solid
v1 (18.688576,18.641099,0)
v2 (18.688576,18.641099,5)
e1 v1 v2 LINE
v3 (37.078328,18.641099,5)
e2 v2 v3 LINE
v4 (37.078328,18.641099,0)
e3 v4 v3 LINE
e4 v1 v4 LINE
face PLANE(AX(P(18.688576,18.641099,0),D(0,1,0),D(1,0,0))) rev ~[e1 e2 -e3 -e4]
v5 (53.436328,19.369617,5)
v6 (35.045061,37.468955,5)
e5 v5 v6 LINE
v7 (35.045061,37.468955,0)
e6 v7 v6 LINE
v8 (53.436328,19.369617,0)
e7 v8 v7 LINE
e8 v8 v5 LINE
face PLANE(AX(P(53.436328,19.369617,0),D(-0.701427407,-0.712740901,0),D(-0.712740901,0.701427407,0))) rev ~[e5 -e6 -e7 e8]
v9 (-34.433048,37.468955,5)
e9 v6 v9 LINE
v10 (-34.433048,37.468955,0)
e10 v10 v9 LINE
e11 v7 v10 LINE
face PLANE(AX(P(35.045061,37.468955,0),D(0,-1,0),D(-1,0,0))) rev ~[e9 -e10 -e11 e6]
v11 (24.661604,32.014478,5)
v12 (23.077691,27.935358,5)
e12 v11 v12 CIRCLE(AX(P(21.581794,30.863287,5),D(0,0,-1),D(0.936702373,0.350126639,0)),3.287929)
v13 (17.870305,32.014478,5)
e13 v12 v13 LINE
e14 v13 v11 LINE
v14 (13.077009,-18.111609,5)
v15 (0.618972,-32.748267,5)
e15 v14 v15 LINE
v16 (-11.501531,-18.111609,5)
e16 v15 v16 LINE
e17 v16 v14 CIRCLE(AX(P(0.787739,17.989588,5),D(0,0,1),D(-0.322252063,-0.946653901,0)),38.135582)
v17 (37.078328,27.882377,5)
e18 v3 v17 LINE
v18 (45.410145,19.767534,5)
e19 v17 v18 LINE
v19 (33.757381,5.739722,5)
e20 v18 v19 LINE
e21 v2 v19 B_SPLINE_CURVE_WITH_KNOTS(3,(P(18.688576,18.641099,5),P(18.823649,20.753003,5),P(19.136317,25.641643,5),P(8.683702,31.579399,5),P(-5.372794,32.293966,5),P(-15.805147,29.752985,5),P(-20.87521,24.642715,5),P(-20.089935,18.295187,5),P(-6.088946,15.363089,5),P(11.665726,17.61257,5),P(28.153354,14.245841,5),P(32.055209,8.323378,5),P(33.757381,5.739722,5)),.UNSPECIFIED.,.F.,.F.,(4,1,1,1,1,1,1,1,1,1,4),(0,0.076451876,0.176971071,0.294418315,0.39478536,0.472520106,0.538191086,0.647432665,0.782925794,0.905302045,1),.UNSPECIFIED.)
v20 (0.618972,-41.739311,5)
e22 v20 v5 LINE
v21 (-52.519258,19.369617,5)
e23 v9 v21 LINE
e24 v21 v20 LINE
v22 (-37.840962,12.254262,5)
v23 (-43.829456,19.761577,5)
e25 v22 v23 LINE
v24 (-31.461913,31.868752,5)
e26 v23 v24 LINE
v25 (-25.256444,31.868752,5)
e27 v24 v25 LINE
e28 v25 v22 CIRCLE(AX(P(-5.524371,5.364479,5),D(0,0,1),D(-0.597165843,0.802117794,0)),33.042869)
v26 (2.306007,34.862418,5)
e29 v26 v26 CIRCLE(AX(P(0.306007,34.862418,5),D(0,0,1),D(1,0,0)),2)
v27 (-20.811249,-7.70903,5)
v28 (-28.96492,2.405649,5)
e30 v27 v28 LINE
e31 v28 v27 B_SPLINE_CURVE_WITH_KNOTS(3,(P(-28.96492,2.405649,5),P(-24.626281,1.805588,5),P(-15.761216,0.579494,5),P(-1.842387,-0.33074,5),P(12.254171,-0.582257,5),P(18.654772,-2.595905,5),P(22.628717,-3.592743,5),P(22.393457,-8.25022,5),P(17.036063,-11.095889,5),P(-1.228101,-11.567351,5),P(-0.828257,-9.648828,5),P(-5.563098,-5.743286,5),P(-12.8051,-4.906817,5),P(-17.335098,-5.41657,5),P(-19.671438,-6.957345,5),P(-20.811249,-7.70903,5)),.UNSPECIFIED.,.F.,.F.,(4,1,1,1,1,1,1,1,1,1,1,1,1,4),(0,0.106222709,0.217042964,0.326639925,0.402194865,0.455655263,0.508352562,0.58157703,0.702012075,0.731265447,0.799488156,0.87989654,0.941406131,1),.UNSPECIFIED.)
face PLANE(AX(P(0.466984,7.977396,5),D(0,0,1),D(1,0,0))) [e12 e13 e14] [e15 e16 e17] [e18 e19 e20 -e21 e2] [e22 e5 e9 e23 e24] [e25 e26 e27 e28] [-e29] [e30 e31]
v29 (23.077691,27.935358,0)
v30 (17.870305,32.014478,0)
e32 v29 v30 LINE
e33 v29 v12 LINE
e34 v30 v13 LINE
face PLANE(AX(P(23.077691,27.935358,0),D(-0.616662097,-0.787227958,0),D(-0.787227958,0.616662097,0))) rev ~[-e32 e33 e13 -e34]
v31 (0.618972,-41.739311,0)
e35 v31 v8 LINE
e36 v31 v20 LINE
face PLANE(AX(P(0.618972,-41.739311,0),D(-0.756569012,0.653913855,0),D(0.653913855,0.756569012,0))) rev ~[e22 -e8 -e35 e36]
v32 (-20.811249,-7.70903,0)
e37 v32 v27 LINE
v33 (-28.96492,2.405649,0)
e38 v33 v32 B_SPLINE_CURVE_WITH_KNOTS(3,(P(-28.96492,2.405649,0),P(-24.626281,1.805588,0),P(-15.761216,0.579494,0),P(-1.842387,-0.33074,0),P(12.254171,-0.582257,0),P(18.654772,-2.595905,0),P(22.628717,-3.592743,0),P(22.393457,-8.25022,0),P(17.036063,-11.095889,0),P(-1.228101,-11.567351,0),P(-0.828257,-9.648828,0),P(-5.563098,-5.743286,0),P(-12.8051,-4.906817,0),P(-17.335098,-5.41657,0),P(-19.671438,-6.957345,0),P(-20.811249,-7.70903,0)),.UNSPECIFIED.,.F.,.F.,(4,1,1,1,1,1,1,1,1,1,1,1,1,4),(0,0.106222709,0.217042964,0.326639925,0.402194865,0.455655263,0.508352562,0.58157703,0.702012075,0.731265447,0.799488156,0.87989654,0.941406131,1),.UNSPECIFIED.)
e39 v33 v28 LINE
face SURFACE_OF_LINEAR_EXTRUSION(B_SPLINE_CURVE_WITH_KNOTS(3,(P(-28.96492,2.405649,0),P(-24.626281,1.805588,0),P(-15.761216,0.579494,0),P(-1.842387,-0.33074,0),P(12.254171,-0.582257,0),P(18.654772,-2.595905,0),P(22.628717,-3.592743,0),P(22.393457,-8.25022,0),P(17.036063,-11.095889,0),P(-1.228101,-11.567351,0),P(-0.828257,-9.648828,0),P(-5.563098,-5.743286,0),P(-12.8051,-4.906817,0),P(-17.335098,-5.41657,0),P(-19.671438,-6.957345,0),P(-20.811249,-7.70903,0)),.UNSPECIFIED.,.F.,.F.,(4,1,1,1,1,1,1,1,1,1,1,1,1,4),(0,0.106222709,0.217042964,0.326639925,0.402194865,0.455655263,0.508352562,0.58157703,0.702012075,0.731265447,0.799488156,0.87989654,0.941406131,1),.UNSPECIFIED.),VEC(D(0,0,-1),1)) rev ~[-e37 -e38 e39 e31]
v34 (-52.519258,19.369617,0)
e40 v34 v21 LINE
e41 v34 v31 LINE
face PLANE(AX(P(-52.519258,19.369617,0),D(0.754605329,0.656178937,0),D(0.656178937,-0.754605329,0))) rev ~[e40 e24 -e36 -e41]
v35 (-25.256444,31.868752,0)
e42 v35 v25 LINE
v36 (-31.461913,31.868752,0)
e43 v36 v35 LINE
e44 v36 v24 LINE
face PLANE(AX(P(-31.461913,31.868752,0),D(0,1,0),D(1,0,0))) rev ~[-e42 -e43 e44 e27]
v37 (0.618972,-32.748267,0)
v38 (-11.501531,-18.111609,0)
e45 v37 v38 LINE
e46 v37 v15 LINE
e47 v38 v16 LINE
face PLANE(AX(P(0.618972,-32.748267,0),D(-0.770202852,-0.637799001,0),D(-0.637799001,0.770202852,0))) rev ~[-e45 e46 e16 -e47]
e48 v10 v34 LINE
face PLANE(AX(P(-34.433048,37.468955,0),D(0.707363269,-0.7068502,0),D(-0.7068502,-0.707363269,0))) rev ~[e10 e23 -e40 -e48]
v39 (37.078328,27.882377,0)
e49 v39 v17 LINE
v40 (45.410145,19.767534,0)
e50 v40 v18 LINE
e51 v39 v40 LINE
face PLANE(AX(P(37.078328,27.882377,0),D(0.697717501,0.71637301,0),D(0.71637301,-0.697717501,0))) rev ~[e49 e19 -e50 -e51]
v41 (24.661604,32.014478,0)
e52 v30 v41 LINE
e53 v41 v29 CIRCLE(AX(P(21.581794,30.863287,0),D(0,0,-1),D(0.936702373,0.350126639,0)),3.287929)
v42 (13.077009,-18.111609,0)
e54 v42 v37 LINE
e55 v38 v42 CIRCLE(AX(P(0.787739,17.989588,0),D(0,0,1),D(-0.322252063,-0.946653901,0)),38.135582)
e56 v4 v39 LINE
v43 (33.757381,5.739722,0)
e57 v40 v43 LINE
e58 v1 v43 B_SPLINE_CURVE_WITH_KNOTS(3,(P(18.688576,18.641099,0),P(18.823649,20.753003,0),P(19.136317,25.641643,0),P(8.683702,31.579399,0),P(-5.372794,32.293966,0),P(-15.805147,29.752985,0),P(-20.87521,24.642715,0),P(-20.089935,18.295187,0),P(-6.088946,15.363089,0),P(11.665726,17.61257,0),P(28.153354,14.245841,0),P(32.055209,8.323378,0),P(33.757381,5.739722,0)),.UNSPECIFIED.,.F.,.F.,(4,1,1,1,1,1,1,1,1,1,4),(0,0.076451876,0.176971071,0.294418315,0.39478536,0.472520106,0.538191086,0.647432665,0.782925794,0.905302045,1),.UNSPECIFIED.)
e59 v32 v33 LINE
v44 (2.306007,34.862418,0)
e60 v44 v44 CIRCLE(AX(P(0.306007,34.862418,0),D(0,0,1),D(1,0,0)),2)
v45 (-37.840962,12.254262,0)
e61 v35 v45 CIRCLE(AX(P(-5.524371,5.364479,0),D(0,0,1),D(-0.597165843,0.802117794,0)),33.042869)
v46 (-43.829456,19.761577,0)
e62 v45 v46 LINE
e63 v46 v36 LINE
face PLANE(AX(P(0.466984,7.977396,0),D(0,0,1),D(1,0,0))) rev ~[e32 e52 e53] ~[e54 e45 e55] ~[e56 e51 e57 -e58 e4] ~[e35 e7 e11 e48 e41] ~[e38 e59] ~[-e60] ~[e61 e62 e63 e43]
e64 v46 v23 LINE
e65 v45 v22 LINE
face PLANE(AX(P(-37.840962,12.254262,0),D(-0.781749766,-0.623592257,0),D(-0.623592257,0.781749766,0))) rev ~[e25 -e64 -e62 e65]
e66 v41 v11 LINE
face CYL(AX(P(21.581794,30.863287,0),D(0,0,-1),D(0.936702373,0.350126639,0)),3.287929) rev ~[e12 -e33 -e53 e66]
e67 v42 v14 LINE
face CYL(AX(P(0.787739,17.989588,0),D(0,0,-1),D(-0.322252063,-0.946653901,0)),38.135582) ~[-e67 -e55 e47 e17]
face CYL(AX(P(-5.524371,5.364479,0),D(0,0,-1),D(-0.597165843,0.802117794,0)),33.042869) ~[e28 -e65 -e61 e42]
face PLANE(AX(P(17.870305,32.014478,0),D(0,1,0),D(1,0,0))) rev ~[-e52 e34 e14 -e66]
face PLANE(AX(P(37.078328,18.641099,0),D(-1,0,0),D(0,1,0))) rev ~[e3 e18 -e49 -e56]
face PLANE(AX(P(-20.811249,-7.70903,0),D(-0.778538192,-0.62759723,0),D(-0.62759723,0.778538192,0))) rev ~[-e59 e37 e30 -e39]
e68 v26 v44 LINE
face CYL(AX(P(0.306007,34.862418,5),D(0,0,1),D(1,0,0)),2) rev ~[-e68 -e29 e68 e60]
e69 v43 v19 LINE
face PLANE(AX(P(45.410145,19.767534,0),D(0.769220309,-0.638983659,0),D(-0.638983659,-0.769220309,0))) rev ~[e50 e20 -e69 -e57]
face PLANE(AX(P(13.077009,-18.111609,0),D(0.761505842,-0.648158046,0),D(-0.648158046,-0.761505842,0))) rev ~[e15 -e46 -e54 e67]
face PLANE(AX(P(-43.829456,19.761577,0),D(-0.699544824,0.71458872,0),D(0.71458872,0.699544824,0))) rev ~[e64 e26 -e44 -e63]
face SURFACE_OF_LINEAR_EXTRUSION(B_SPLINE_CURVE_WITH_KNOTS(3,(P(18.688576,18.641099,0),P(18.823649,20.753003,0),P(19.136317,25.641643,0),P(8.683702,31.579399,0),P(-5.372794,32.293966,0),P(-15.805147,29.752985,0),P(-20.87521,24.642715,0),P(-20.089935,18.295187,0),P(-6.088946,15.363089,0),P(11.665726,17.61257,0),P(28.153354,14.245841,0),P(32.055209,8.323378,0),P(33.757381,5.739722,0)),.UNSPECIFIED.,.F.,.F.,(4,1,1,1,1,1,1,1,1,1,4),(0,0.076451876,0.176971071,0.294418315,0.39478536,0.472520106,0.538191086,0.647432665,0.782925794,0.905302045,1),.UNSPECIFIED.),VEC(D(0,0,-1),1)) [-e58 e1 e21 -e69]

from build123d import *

# Parameters (mm, degrees)
F1_DEPTH = 5
F2_R     = 2
F3_DEPTH = 5


with BuildPart() as f1:
    # F0 (on Top) → F1 (new body)
    with BuildSketch(Plane.XY):
        Polygon((35.0450612605, 37.4689549208), (-34.4330482185, 37.4689549208), (-52.5192581117, 19.3696171045), (0.618971826, -41.7393110693), (53.4363277256, 19.3696171045), align=None)
        with BuildLine():
            Line((-20.8112485707, -7.709030062), (-28.9649199694, 2.4056490511))
            add(Edge.make_bspline(
                [(-28.9649199694, 2.4056490511), (-24.6262805883, 1.8055880718), (-15.7612162114, 0.5794941875), (-1.8423870634, -0.3307398829), (12.2541711628, -0.5822570681), (18.6547724604, -2.5959052895), (22.6287171453, -3.5927432016), (22.3934565793, -8.2502196653), (17.0360629167, -11.0958886579), (-1.2281009695, -11.5673505704), (-0.8282573516, -9.6488277127), (-5.563097567, -5.74328551), (-12.8050997587, -4.906816556), (-17.3350980012, -5.4165699545), (-19.6714379674, -6.957345034), (-20.8112485707, -7.709030062)],
                knots=[0, 0, 0, 0, 0.1062227086, 0.2170429637, 0.3266399251, 0.4021948652, 0.4556552629, 0.5083525619, 0.5815770295, 0.7020120747, 0.7312654473, 0.7994881559, 0.8798965398, 0.9414061312, 1, 1, 1, 1], degree=3))
        make_face(mode=Mode.SUBTRACT)
        with BuildLine():
            Line((0.618971826, -32.7482670546), (-11.5015311167, -18.1116089225))
            ThreePointArc((-11.5015311167, -18.1116089225), (0.7877387106, -20.1459934368), (13.0770085379, -18.1116089225))
            Line((13.0770085379, -18.1116089225), (0.618971826, -32.7482670546))
        make_face(mode=Mode.SUBTRACT)
        with BuildLine():
            Line((-31.4619131386, 31.8687520921), (-25.2564437687, 31.8687520921))
            ThreePointArc((-25.2564437687, 31.8687520921), (-33.3353025294, 23.2077768501), (-37.84096241, 12.254262343))
            Line((-37.84096241, 12.254262343), (-43.8294559717, 19.7615772486))
            Line((-43.8294559717, 19.7615772486), (-31.4619131386, 31.8687520921))
        make_face(mode=Mode.SUBTRACT)
        with BuildLine():
            add(Edge.make_bspline(
                [(18.688576296, 18.6410993338), (18.8236494056, 20.7530025422), (19.136317112, 25.6416434746), (8.6837015663, 31.5793987134), (-5.3727942346, 32.2939661316), (-15.8051473474, 29.7529852063), (-20.8752102765, 24.6427151434), (-20.0899352121, 18.2951871441), (-6.0889457223, 15.3630889492), (11.6657260085, 17.6125695764), (28.1533538387, 14.2458414651), (32.0552088773, 8.3233782872), (33.7573811412, 5.7397219352)],
                knots=[0, 0, 0, 0, 0.0764518764, 0.1769710709, 0.2944183152, 0.3947853597, 0.4725201059, 0.5381910856, 0.6474326653, 0.7829257939, 0.905302045, 1, 1, 1, 1], degree=3))
            Line((18.688576296, 18.6410993338), (37.0783284307, 18.6410993338))
            Line((37.0783284307, 18.6410993338), (37.0783284307, 27.8823766857))
            Line((37.0783284307, 27.8823766857), (45.4101450741, 19.7675339878))
            Line((45.4101450741, 19.7675339878), (33.7573811412, 5.7397219352))
        make_face(mode=Mode.SUBTRACT)
        with BuildLine():
            Line((23.0776909739, 27.9353577644), (17.870305106, 32.014477998))
            Line((17.870305106, 32.014477998), (24.661604315, 32.014477998))
            ThreePointArc((24.661604315, 32.014477998), (24.6467702058, 29.6731629139), (23.0776909739, 27.9353577644))
        make_face(mode=Mode.SUBTRACT)
    extrude(amount=F1_DEPTH)

    # F2 (on face) → F3 (cut, through all)
    with BuildSketch(Plane.XY.offset(5)):
        with Locations((0.306006521, 34.8624177277)):
            Circle(F2_R)
    extrude(amount=-F3_DEPTH, mode=Mode.SUBTRACT)


solid = f1.part
